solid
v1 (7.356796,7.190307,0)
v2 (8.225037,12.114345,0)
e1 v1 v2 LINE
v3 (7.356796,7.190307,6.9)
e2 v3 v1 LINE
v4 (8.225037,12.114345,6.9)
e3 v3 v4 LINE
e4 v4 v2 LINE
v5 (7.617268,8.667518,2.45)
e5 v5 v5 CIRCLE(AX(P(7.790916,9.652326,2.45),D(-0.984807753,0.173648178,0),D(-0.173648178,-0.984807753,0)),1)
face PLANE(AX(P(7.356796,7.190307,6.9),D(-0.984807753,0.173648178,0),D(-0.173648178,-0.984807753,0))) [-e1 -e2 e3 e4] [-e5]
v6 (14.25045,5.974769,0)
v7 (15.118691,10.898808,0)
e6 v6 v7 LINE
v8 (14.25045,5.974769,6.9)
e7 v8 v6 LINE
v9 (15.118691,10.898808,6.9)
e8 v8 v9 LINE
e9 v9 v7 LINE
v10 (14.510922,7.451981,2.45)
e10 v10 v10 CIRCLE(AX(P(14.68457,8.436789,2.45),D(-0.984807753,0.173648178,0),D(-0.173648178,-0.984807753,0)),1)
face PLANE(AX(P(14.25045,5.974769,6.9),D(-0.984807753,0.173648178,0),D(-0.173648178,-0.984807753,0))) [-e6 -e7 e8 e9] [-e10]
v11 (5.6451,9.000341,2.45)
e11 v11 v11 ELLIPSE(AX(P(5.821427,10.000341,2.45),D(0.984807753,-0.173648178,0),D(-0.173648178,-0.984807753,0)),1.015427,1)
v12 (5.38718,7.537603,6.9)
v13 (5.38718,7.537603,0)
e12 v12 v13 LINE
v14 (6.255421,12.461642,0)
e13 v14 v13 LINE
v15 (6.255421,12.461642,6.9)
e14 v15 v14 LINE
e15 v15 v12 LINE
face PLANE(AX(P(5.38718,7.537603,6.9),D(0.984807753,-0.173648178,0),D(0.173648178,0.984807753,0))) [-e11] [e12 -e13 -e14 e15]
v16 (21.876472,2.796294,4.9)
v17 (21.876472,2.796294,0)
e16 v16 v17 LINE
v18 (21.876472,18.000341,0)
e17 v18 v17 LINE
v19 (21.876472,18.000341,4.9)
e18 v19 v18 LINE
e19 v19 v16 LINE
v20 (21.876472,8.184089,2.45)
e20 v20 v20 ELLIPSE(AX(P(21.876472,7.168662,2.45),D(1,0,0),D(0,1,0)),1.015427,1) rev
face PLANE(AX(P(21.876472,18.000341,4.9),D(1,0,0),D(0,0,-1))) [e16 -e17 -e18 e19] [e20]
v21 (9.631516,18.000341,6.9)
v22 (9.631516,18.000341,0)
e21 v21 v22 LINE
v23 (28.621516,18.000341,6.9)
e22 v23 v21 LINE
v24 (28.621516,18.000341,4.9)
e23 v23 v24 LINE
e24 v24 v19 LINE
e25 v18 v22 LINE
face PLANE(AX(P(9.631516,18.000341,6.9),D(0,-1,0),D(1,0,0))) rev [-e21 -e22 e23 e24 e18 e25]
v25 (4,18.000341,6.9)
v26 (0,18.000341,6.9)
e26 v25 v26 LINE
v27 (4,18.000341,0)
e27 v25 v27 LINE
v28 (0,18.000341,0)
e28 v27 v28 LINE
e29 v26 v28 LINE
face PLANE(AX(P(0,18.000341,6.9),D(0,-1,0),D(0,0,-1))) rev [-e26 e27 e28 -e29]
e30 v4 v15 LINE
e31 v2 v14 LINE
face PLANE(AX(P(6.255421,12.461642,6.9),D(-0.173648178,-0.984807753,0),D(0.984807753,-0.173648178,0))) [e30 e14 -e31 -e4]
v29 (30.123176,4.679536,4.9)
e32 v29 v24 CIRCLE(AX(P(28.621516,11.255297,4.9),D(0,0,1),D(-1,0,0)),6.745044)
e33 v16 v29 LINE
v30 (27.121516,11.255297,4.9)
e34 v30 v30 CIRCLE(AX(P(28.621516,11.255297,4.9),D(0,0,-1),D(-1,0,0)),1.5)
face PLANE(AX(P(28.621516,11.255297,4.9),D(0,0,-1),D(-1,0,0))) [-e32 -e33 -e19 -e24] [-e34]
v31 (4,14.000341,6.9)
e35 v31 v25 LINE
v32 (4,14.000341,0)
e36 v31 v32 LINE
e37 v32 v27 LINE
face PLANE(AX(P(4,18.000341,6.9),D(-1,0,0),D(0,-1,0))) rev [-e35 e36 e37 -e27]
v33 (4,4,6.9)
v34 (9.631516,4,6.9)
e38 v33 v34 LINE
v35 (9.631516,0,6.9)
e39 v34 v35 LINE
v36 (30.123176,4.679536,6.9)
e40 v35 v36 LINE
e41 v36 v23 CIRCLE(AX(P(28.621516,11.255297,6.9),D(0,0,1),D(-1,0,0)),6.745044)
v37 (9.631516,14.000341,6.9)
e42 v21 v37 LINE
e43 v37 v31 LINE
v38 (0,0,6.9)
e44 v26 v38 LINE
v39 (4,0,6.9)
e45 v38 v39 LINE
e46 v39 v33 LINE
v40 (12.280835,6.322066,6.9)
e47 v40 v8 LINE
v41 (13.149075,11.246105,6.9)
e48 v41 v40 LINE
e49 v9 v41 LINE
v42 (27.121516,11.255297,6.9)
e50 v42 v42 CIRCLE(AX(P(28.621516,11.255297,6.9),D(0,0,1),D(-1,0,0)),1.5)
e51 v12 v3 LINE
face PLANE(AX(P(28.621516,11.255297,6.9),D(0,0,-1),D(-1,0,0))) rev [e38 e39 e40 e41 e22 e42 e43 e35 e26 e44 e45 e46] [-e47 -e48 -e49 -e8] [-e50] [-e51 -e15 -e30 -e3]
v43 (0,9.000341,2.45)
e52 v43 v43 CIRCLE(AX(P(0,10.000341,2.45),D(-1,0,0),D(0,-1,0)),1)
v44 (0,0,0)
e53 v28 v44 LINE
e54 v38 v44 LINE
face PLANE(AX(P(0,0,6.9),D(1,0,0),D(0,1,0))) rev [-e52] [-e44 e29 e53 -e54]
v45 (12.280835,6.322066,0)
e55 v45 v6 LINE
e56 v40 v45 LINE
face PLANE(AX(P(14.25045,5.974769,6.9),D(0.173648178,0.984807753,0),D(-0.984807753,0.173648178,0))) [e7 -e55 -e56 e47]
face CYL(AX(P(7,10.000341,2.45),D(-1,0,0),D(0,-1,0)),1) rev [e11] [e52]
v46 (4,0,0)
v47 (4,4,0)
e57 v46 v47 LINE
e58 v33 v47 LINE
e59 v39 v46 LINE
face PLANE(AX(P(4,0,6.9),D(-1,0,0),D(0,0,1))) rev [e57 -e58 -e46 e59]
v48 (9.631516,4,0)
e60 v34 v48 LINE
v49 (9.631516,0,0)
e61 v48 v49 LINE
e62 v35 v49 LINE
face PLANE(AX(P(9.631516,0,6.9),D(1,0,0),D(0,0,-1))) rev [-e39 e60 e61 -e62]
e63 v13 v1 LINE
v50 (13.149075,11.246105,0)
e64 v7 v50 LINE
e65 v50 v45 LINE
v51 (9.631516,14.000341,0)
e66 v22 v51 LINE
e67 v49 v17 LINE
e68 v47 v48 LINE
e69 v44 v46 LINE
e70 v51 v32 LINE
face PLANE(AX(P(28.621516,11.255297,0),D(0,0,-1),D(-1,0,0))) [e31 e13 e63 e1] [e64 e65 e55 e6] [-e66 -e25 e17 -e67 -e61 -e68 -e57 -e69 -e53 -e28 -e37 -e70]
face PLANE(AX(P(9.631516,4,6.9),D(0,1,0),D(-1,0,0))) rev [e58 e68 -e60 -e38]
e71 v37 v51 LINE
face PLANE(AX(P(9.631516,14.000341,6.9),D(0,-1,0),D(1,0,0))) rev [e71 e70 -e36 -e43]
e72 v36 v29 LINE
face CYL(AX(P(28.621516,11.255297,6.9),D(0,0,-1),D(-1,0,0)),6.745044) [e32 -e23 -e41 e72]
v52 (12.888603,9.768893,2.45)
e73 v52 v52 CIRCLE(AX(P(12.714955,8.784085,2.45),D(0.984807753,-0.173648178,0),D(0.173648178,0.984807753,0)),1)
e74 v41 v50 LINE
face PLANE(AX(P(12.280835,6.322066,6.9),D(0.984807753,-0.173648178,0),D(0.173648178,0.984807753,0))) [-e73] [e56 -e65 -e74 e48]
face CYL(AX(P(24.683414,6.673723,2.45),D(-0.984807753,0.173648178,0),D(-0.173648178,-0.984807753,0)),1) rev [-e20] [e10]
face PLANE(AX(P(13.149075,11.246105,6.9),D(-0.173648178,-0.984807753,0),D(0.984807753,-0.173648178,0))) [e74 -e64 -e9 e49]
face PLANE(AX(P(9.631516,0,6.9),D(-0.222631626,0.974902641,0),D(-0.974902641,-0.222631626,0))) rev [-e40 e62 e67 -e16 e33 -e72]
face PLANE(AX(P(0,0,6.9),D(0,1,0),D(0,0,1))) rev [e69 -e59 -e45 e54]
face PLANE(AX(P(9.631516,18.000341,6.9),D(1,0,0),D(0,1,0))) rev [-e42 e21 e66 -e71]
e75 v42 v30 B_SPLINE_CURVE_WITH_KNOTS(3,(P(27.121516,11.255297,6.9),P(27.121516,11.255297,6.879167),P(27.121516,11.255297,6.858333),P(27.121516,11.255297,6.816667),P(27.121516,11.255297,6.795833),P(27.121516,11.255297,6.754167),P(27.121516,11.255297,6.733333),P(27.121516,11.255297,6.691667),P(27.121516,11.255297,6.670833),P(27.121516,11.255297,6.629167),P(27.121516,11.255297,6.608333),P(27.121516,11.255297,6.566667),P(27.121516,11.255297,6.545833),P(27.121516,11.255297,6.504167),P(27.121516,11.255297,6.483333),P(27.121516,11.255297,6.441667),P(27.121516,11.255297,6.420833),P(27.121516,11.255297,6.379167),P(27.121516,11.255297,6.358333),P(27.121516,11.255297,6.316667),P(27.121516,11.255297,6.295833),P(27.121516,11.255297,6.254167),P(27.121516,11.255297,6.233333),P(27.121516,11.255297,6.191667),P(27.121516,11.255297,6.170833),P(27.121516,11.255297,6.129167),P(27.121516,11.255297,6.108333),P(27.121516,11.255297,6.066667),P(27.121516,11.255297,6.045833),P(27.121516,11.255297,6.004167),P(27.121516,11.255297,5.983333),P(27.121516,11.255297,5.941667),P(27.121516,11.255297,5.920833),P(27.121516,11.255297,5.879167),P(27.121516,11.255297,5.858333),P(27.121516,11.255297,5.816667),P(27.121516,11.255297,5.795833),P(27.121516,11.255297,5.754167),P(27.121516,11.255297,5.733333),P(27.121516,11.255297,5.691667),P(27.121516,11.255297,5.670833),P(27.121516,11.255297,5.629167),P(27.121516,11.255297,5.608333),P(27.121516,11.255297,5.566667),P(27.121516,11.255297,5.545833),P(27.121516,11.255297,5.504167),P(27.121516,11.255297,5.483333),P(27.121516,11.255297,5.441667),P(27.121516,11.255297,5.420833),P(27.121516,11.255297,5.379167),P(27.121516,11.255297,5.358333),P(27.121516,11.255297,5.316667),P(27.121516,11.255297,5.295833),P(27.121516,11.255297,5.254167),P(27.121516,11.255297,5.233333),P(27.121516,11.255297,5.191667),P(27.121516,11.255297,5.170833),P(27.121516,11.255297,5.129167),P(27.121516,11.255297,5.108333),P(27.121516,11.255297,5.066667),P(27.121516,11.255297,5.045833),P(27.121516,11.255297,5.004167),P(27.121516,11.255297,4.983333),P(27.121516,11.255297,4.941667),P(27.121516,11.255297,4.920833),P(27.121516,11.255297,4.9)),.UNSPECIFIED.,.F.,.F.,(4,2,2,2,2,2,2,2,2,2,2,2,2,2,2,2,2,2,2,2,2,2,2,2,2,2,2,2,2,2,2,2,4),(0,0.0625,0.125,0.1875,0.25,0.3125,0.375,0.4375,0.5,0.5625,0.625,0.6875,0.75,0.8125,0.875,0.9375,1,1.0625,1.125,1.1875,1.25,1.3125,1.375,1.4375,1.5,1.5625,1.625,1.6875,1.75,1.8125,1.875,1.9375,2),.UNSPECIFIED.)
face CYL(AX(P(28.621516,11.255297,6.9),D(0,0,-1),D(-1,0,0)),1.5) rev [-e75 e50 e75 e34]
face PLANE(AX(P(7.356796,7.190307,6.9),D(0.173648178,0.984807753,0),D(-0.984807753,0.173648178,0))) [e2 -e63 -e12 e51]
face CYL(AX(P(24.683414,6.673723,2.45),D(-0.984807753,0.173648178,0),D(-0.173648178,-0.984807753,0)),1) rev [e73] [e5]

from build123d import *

# Parameters (mm, degrees)
SKETCH1_R                           = 1.5
BOSS_EXTRUDE1_DEPTH                 = 6.9
CUT_EXTRUDE2_DEPTH                  = 4.9
SKETCH5_R                           = 1
CUT_EXTRUDE3_DEPTH                  = 7
CUT_EXTRUDE4_REACH                  = 37.751
SKETCH6_R                           = 1
CUT_EXTRUDE4_DIRECTION_2_REACH      = 37.751
CUT_EXTRUDE4_DIRECTION_2_END_RADIUS = 1


with BuildPart() as part:
    # Sketch1 → Boss-Extrude1 (new body)
    with BuildSketch(Plane.XY):
        with BuildLine():
            Line((0, 0), (0, 18.000341084))
            Line((0, 18.000341084), (4, 18.000341084))
            Line((4, 18.000341084), (4, 14.000341084))
            Line((4, 14.000341084), (9.631516349, 14.000341084))
            Line((9.631516349, 14.000341084), (9.631516349, 18.000341084))
            Line((9.631516349, 18.000341084), (28.621516349, 18.000341084))
            ThreePointArc((28.621516349, 18.000341084), (35.324106187, 12.010882781), (30.123176491, 4.679535592))
            Line((30.123176491, 4.679535592), (9.631516349, 0))
            Line((9.631516349, 0), (9.631516349, 4))
            Line((9.631516349, 4), (4, 4))
            Line((4, 4), (4, 0))
            Line((4, 0), (0, 0))
        make_face()
        with Locations((28.621516349, 11.255296941)):
            Circle(SKETCH1_R, mode=Mode.SUBTRACT)
        Polygon((14.250450019, 5.974769403), (15.118690908, 10.898808168), (13.149075402, 11.246104524), (12.280834513, 6.322065759), align=None, mode=Mode.SUBTRACT)
        Polygon((6.255421131, 12.461641767), (8.225036637, 12.114345412), (7.356795748, 7.190306647), (5.387180242, 7.537603002), align=None, mode=Mode.SUBTRACT)
    extrude(amount=BOSS_EXTRUDE1_DEPTH)

    # Sketch4 → Cut-Extrude2 (cut)
    with BuildSketch(Plane.XY):
        with BuildLine():
            Line((21.876472206, 2.796294022), (30.123176491, 4.679535592))
            ThreePointArc((30.123176491, 4.679535592), (35.324106187, 12.010882781), (28.621516349, 18.000341084))
            Line((28.621516349, 18.000341084), (21.876472206, 18.000341084))
            Line((21.876472206, 18.000341084), (21.876472206, 2.796294022))
        make_face()
    extrude(amount=CUT_EXTRUDE2_DEPTH, mode=Mode.SUBTRACT)

    # Sketch5 → Cut-Extrude3 (cut)
    with BuildSketch(Plane.ZY):
        with Locations((2.45, 10.000341084)):
            Circle(SKETCH5_R)
    extrude(amount=-CUT_EXTRUDE3_DEPTH, mode=Mode.SUBTRACT)

    # Cut-Extrude4: up to this plane
    cut_extrude4_end = Plane(origin=(21.876472206, 18.000341084, 4.9), z_dir=(1, 0, 0))
    # Sketch6 → Cut-Extrude4 (cut, up to the surface)
    with BuildSketch(Plane(origin=(5.905346358, -1.041271893, 0), x_dir=(0, 0, 1), z_dir=(-0.984807753012208, 0.17364817766693114, 0)), mode=Mode.PRIVATE) as cut_extrude4_sk1:
        with Locations((2.45, 10.858563908)):
            Circle(SKETCH6_R)
    cut_extrude4_tool1 = split(extrude(cut_extrude4_sk1.sketch, amount=-CUT_EXTRUDE4_REACH, mode=Mode.PRIVATE), bisect_by=cut_extrude4_end, keep=Keep.BOTH, mode=Mode.PRIVATE)
    add(cut_extrude4_tool1.solids().sort_by_distance((7.790916, 9.652326, 2.45))[0], mode=Mode.SUBTRACT)

    # Cut-Extrude4 direction 2: up to this cylinder (the profile starts inside it)
    cut_extrude4_direction_2_end = Plane(origin=(7.790916, 10.000341084, 2.45), z_dir=(-1, 0, 0)) * Cylinder(CUT_EXTRUDE4_DIRECTION_2_END_RADIUS, 78.502, mode=Mode.PRIVATE)
    # Sketch6 → Cut-Extrude4 direction 2 (cut, up to the surface)
    with BuildSketch(Plane(origin=(5.905346358, -1.041271893, 0), x_dir=(0, 0, 1), z_dir=(-0.984807753012208, 0.17364817766693114, 0)), mode=Mode.PRIVATE) as cut_extrude4_direction_2_sk1:
        with Locations((2.45, 10.858563908)):
            Circle(SKETCH6_R)
    cut_extrude4_direction_2_tool1 = extrude(cut_extrude4_direction_2_sk1.sketch, amount=CUT_EXTRUDE4_DIRECTION_2_REACH, mode=Mode.PRIVATE) & cut_extrude4_direction_2_end
    add(cut_extrude4_direction_2_tool1.solids().sort_by_distance((7.790916, 9.652326, 2.45))[0], mode=Mode.SUBTRACT)


solid = part.part
